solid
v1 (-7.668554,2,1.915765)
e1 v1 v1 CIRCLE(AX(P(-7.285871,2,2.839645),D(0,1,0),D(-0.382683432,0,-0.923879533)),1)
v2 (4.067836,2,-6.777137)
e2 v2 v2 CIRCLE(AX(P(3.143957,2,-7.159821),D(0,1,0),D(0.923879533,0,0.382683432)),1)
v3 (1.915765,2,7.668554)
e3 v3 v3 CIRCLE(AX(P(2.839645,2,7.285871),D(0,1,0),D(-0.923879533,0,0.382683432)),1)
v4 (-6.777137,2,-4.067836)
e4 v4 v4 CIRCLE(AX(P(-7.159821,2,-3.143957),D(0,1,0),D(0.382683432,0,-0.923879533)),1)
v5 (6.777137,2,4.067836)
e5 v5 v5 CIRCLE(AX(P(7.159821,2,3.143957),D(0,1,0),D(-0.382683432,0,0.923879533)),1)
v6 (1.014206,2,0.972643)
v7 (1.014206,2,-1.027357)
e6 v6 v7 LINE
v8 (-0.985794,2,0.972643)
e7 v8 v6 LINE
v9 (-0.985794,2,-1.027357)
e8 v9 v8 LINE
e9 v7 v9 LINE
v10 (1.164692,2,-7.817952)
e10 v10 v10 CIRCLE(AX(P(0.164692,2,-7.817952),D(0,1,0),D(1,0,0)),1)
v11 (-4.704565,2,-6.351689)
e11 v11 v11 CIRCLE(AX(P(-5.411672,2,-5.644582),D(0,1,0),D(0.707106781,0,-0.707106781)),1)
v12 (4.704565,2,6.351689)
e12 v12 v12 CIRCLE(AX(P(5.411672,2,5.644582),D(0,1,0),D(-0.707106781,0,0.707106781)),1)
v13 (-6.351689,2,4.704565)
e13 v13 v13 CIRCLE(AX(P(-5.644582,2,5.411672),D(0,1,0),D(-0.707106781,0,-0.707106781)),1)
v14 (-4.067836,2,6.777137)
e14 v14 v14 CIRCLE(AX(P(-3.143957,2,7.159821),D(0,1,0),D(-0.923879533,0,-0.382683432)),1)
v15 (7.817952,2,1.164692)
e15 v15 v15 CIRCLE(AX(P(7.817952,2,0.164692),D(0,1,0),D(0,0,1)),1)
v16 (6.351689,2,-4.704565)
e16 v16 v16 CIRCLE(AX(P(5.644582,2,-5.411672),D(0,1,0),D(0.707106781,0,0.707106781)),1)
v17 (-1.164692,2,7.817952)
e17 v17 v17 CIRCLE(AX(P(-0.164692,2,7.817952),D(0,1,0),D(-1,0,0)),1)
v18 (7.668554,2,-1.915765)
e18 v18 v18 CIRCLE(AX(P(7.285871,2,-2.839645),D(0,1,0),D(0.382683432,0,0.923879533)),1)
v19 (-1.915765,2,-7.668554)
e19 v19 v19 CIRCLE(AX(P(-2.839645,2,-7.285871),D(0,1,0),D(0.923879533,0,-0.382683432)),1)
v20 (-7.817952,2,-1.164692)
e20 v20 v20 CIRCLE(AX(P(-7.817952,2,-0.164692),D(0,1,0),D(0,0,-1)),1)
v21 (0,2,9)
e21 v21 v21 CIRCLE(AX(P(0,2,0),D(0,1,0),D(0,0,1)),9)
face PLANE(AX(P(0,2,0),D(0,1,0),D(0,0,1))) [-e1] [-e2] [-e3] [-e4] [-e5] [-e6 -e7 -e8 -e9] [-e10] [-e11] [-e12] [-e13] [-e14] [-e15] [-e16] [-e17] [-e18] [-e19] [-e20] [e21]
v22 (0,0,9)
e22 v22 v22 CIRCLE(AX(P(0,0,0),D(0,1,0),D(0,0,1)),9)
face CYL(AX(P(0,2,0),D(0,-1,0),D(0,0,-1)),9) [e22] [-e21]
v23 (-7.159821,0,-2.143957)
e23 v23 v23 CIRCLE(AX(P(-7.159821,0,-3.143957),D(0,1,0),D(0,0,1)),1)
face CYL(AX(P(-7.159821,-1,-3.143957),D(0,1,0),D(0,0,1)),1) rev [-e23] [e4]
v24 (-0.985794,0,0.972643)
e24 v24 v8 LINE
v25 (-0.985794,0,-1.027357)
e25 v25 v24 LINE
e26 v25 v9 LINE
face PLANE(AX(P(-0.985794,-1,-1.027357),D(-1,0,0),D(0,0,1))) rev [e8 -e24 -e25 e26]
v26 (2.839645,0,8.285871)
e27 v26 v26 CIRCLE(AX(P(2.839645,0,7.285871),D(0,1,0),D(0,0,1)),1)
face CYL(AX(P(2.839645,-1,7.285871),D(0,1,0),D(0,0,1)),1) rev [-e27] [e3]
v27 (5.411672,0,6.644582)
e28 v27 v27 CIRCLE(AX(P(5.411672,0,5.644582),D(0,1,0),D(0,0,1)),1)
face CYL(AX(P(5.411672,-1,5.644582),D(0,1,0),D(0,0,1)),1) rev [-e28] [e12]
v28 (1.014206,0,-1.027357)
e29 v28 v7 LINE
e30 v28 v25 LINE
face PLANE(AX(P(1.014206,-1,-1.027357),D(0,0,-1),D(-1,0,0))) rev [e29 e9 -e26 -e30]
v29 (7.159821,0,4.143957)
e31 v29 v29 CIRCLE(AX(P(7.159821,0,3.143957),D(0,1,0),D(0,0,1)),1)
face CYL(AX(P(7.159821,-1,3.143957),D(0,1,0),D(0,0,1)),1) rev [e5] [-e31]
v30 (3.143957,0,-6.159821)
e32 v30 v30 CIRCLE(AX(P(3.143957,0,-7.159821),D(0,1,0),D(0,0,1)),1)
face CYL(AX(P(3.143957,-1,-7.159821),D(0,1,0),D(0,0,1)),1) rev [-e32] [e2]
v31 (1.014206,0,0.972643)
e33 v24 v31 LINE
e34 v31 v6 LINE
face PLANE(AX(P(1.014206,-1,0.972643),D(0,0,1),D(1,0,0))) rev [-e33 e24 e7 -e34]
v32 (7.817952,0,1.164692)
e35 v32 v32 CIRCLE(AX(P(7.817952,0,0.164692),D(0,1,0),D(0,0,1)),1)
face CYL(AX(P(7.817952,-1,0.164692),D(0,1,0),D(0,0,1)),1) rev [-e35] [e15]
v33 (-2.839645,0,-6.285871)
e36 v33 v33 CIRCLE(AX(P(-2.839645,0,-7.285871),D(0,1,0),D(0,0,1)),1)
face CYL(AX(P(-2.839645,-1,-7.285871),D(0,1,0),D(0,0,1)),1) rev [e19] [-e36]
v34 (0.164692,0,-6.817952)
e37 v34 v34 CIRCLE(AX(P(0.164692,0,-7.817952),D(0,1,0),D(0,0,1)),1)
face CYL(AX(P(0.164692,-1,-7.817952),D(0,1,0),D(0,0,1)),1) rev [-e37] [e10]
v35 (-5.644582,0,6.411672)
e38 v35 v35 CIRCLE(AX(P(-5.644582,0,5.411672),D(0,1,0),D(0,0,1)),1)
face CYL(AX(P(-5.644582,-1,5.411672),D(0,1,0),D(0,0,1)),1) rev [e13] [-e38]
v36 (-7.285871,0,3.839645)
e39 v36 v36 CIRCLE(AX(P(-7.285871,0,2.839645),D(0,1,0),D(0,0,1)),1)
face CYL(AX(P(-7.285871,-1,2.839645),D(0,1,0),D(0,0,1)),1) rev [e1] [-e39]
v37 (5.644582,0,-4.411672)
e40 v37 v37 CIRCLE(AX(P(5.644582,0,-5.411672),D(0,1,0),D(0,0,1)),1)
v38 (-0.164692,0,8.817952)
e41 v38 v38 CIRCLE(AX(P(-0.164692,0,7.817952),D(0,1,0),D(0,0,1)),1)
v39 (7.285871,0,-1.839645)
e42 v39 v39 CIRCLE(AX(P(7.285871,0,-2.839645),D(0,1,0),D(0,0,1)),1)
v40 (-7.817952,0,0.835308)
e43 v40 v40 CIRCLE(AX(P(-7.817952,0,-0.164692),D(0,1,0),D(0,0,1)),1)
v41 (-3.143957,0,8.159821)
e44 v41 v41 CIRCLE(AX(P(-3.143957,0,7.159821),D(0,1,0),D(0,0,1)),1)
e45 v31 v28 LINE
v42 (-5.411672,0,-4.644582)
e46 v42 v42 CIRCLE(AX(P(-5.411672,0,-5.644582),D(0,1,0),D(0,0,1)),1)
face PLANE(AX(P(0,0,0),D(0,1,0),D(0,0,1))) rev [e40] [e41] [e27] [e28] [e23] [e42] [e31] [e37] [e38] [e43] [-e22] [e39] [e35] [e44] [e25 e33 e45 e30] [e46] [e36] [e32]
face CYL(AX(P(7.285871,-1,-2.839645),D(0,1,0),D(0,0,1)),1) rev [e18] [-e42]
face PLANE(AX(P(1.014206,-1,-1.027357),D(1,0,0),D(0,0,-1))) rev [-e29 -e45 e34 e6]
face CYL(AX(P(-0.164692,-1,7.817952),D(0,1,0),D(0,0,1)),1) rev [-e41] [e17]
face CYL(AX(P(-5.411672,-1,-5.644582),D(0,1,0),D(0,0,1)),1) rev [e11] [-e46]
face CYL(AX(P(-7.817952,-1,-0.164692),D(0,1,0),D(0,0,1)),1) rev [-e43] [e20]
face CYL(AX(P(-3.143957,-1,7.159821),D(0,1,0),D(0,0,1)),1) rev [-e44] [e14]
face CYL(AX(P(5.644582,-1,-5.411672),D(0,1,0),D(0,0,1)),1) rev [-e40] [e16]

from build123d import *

# Parameters (mm, degrees)
SKIZZE1_R                       = 9
AUFSATZ_LINEAR_AUSTRAGEN1_DEPTH = 2
SKIZZE3_W                       = 2
SKIZZE3_H                       = 2
SCHNITT_LINEAR_AUSTRAGEN1_DEPTH = 3
SKIZZE4_R                       = 1
SCHNITT_LINEAR_AUSTRAGEN2_DEPTH = 3
KREISMUSTER1_COUNT              = 16


with BuildPart() as part:
    # Skizze1 → Aufsatz-Linear austragen1 (new body)
    with BuildSketch(Plane(origin=(0, 0, 0), x_dir=(1, 0, 0), z_dir=(0, 1, 0))):
        Circle(SKIZZE1_R)
    extrude(amount=AUFSATZ_LINEAR_AUSTRAGEN1_DEPTH)

    # Skizze3 → Schnitt-Linear austragen1 (cut)
    with BuildSketch(Plane(origin=(0, 2, 0), x_dir=(1, 0, 0), z_dir=(0, 1, 0))):
        with Locations((0.014205659, 0.027357499)):
            Rectangle(SKIZZE3_W, SKIZZE3_H)
    extrude(amount=-SCHNITT_LINEAR_AUSTRAGEN1_DEPTH, mode=Mode.SUBTRACT)

    # Skizze4 → Schnitt-Linear austragen2 (cut)
    with BuildSketch(Plane(origin=(0, 2, 0), x_dir=(1, 0, 0), z_dir=(0, 1, 0))):
        with Locations((7.817951829, -0.164692324)):
            Circle(SKIZZE4_R)
    schnitt_linear_austragen2 = extrude(amount=-SCHNITT_LINEAR_AUSTRAGEN2_DEPTH, mode=Mode.SUBTRACT)

    # Kreismuster1: Schnitt-Linear austragen2 ×16 about axis
    kreismuster1_axis = Axis((0, 0, 0), (0, 1, 0))
    for i in range(1, KREISMUSTER1_COUNT):
        add(schnitt_linear_austragen2.rotate(kreismuster1_axis, i * 360 / KREISMUSTER1_COUNT), mode=Mode.SUBTRACT)


solid = part.part
